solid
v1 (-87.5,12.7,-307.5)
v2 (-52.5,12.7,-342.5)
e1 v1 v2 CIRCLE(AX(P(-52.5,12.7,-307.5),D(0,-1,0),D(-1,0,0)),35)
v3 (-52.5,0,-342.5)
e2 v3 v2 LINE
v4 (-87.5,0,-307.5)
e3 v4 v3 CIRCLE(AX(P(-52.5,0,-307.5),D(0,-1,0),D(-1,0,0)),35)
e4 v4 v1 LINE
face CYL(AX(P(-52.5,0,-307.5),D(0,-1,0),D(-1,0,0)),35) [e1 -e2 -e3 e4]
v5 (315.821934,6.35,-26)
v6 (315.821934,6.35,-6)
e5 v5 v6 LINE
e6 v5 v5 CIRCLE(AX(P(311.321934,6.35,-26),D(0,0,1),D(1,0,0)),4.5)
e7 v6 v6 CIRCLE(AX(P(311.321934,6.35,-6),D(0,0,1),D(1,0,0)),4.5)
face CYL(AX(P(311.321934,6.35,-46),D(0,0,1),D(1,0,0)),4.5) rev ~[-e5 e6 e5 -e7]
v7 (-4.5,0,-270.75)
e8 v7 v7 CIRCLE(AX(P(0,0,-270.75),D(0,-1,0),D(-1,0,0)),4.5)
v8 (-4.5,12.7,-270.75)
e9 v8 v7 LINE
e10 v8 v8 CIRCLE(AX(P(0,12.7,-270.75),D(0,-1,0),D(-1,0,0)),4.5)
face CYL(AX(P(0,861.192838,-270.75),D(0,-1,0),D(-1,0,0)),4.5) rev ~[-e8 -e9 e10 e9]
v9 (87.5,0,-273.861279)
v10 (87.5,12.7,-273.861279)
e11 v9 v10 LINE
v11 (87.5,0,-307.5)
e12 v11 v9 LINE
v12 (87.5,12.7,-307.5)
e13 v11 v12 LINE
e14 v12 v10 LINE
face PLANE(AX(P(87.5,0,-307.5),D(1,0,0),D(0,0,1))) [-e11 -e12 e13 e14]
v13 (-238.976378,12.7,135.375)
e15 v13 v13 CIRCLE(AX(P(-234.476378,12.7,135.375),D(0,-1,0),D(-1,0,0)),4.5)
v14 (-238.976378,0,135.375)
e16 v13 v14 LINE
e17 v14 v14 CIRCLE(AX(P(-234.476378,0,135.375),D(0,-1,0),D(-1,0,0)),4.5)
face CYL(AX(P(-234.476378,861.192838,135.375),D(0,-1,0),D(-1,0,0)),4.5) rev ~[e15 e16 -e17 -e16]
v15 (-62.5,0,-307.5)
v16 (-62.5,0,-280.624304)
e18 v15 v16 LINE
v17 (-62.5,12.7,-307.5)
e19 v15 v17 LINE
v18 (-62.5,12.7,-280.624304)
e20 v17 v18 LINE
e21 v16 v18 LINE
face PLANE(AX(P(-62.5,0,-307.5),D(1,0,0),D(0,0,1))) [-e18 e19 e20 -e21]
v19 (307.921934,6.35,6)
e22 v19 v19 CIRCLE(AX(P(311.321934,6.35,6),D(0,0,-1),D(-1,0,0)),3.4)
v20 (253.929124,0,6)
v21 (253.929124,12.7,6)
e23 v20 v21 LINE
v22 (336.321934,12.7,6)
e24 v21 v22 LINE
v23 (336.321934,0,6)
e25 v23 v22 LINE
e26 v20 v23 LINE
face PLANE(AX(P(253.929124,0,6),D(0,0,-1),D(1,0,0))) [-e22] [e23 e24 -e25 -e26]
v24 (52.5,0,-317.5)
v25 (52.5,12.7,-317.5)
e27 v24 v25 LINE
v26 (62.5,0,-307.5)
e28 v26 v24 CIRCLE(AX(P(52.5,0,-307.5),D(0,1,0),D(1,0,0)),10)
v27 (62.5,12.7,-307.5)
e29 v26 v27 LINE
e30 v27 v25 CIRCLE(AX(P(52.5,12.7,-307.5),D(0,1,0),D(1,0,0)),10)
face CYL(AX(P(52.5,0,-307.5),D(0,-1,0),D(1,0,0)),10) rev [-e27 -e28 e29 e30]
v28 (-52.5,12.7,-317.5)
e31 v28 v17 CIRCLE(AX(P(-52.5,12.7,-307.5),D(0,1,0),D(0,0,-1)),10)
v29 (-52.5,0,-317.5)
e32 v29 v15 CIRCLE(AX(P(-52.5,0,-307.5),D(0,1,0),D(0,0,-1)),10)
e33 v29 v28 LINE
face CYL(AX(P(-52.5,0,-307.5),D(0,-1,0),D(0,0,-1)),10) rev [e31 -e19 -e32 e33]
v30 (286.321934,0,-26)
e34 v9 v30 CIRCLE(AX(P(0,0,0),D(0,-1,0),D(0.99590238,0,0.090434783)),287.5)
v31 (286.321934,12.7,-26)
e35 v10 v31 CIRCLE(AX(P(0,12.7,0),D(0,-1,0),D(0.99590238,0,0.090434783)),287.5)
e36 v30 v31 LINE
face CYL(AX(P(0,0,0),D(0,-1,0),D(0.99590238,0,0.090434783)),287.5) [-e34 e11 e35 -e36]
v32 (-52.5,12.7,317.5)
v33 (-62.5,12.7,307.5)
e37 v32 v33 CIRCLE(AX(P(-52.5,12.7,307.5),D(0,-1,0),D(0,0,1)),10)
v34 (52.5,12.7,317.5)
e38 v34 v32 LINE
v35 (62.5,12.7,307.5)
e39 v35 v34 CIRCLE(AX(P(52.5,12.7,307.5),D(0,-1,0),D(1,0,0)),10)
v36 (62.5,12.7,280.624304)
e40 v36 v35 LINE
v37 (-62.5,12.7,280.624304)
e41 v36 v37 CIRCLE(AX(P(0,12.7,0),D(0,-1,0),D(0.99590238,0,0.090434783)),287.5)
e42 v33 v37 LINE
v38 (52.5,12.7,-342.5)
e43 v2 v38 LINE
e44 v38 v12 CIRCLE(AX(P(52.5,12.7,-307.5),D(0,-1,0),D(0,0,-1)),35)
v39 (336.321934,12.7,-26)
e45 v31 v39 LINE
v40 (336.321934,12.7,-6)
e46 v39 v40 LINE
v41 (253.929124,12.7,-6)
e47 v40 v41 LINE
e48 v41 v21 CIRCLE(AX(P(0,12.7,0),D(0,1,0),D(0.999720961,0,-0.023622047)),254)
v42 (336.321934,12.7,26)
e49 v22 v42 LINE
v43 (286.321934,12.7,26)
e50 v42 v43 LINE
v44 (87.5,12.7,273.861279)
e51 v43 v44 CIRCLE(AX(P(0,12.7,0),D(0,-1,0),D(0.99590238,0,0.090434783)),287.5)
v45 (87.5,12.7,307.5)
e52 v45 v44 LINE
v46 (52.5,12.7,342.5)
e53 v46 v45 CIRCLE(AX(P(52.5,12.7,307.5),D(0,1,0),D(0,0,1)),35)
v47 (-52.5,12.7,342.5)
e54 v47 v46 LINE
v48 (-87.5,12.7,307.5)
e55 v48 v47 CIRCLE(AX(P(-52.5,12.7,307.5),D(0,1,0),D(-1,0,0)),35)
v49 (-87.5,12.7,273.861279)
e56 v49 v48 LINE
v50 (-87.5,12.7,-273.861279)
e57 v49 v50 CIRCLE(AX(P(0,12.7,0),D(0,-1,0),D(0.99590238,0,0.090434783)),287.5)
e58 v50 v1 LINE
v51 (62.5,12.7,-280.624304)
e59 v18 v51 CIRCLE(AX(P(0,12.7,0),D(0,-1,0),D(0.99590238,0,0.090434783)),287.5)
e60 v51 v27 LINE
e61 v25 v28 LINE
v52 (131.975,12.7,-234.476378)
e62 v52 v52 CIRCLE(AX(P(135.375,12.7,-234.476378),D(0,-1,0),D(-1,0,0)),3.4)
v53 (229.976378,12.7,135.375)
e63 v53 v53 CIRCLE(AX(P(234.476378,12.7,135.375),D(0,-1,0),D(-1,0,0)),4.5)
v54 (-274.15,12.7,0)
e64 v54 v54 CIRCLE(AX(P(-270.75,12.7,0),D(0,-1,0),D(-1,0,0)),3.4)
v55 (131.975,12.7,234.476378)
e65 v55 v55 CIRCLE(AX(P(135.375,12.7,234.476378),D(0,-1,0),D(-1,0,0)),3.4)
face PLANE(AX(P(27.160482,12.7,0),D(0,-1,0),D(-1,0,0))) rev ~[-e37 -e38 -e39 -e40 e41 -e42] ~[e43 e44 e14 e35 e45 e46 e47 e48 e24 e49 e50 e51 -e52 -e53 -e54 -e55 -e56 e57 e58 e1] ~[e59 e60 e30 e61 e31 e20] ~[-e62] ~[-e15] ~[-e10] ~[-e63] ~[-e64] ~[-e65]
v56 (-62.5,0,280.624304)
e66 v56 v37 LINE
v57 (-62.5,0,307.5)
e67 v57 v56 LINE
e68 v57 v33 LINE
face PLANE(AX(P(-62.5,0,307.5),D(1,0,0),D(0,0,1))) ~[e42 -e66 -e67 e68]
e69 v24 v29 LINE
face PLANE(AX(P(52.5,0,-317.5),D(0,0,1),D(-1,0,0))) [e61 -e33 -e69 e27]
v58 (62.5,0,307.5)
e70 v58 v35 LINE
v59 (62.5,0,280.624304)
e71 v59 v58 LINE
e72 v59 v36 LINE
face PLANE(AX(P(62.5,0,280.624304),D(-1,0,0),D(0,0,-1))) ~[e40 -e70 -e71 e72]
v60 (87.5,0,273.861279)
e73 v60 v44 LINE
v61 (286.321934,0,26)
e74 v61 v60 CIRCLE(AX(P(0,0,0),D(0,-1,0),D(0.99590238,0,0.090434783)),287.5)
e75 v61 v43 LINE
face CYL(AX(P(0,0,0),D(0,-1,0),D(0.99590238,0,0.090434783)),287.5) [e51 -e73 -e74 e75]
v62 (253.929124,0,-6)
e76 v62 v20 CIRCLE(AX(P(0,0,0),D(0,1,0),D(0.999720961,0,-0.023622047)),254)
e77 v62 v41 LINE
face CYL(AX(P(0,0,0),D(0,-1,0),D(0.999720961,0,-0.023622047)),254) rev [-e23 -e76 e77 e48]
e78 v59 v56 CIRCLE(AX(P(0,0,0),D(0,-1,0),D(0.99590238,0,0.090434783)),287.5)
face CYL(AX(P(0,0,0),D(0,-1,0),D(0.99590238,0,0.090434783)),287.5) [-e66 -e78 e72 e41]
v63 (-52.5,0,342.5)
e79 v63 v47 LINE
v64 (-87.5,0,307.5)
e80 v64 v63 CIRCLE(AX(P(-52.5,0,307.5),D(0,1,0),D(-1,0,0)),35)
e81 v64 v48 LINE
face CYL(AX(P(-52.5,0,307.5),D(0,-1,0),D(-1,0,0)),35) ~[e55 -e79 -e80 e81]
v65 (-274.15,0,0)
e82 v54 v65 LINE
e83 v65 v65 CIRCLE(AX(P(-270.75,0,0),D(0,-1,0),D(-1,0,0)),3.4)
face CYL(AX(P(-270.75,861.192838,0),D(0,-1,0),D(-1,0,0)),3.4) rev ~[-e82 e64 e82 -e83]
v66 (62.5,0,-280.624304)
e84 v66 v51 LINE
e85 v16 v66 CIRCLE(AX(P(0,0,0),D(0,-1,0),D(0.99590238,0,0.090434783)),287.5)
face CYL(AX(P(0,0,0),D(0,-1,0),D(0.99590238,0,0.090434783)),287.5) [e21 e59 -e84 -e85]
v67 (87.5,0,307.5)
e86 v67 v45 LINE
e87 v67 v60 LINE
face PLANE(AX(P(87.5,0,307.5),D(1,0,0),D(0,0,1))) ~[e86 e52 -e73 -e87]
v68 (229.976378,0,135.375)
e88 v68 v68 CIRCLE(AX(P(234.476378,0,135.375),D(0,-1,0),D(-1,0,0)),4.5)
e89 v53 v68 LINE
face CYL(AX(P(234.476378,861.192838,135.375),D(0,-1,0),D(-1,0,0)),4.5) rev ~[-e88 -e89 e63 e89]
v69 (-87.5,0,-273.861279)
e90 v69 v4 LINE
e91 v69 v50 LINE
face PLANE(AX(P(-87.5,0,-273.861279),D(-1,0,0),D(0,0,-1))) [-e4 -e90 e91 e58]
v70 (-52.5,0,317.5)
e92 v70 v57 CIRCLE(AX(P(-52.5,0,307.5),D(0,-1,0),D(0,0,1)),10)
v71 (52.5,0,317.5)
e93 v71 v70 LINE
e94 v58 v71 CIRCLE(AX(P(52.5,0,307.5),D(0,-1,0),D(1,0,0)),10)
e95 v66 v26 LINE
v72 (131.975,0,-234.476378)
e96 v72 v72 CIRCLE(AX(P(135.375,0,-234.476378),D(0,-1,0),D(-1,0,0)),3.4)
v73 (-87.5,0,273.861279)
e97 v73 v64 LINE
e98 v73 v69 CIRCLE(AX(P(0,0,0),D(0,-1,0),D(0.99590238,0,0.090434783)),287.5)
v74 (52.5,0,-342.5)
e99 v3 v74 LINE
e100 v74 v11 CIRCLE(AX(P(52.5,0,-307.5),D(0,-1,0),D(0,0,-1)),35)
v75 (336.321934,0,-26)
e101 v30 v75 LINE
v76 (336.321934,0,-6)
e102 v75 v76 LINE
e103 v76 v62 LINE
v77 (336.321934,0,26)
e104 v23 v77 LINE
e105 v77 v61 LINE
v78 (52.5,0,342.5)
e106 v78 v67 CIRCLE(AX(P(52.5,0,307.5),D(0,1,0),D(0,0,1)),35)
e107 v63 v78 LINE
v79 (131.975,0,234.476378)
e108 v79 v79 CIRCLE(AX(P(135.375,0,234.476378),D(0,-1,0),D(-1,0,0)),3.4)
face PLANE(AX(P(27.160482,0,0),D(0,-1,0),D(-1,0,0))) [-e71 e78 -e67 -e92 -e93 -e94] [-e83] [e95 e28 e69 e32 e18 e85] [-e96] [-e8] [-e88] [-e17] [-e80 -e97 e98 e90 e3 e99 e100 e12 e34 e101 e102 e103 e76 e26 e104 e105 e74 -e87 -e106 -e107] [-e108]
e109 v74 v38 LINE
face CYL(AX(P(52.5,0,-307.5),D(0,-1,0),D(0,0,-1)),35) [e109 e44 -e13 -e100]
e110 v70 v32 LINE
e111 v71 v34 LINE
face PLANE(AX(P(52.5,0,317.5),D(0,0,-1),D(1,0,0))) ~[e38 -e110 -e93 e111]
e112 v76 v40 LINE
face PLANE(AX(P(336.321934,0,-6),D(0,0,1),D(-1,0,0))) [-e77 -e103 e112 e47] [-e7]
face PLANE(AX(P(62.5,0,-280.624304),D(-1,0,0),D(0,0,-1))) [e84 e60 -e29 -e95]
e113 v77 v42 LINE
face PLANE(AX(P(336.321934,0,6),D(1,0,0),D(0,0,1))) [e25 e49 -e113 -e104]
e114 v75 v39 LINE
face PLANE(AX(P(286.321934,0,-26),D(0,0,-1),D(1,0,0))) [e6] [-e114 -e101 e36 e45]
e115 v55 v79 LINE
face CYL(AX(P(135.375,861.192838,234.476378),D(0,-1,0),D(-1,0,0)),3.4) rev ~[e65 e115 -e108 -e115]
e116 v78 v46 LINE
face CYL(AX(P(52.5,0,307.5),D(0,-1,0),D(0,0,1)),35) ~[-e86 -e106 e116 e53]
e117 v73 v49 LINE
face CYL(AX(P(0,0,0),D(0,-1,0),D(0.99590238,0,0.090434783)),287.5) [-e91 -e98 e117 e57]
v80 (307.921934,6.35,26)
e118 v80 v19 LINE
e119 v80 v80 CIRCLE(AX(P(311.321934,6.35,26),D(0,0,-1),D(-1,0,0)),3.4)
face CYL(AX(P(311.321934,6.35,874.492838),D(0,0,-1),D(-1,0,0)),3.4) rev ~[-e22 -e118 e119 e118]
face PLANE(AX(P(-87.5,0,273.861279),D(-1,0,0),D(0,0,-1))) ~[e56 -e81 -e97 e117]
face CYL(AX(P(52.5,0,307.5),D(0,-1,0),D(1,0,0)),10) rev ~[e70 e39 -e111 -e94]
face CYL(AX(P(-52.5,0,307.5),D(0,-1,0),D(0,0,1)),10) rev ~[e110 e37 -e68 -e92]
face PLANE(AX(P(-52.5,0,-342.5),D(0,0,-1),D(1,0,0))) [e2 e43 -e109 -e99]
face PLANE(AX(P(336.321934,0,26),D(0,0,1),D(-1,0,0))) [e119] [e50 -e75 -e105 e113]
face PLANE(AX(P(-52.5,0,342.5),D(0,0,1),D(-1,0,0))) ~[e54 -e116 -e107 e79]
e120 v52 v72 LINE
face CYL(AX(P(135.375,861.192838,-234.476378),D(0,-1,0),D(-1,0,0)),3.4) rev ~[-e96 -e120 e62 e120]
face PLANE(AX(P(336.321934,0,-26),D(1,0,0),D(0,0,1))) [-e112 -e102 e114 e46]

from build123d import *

# Parameters (mm, degrees)
BOSS_EXTRUDE1_DEPTH                          = 12.7
M8X1_25_TAPPED_HOLE1_FOR_LOWERING_D          = 6.8
M8_CLEARANCE_HOLE1_FOR_SPACER_BLOCK_D        = 9
M8_CLEARANCE_HOLE2_FOR_CLAMP_TIGHTENIN_D     = 9
M8_CLEARANCE_HOLE2_FOR_CLAMP_TIGHTENIN_DEPTH = 20
M8X1_25_TAPPED_HOLE2_FOR_CLAMP_TIGHTEN_D     = 6.8
BOSS_EXTRUDE2_START                          = -12.7
BOSS_EXTRUDE2_HANDLES_DEPTH                  = 12.7


with BuildPart() as part:
    # Sketch1 → Boss-Extrude1 (new body)
    with BuildSketch(Plane(origin=(0, 0, 0), x_dir=(1, 0, 0), z_dir=(0, 1, 0))):
        with BuildLine():
            Line((275.144331903, 6), (253.92912397, 6))
            ThreePointArc((253.92912397, 6), (-254, 0), (253.92912397, -6))
            Line((253.92912397, -6), (275.067203981, -6))
            Line((275.067203981, -6), (336.321934193, -6))
            Line((336.321934193, -6), (336.321934193, -26))
            Line((336.321934193, -26), (286.321934193, -26))
            ThreePointArc((286.321934193, -26), (-287.5, 0), (286.321934193, 26))
            Line((286.321934193, 26), (336.321934193, 26))
            Line((336.321934193, 26), (336.321934193, 6))
            Line((336.321934193, 6), (275.144331903, 6))
        make_face()
    extrude(amount=BOSS_EXTRUDE1_DEPTH)

    # M8x1.25 Tapped Hole1 - For Lowering (through all)
    with Locations(Plane(origin=(0, 12.7, 0), x_dir=(1, 0, 0), z_dir=(0, 1, 0))):
        with Locations((135.375, -234.476378075), (-270.75, 0), (135.375, 234.476378075)):
            Hole(M8X1_25_TAPPED_HOLE1_FOR_LOWERING_D / 2)

    # M8 Clearance Hole1 - For Spacer Block (through all)
    with Locations(Plane(origin=(0, 12.7, 0), x_dir=(1, 0, 0), z_dir=(0, 1, 0))):
        with Locations((0, 270.75), (234.476378075, -135.375), (-234.476378075, -135.375)):
            Hole(M8_CLEARANCE_HOLE1_FOR_SPACER_BLOCK_D / 2)

    # M8 Clearance Hole2 - For Clamp Tightening
    with Locations(Plane(origin=(0, 0, -26), x_dir=(-1, 0, 0), z_dir=(0, 0, -1))):
        with Locations((-311.321934193, 6.35)):
            Hole(M8_CLEARANCE_HOLE2_FOR_CLAMP_TIGHTENIN_D / 2, depth=M8_CLEARANCE_HOLE2_FOR_CLAMP_TIGHTENIN_DEPTH)

    # M8x1.25 Tapped Hole2 - For Clamp Tightening (through all)
    with Locations(Plane.XY.offset(26)):
        with Locations((311.321934193, 6.35)):
            Hole(M8X1_25_TAPPED_HOLE2_FOR_CLAMP_TIGHTEN_D / 2)

    # Sketch14 → Boss-Extrude2 - Handles (add)
    with BuildSketch(Plane(origin=(0, 12.7, 0), x_dir=(1, 0, 0), z_dir=(0, 1, 0)).offset(BOSS_EXTRUDE2_START)):
        with BuildLine():
            Line((-52.5, 342.5), (52.5, 342.5))
            ThreePointArc((52.5, 342.5), (77.248737342, 332.248737342), (87.5, 307.5))
            Line((87.5, 307.5), (87.5, 273.861278753))
            ThreePointArc((87.5, 273.861278753), (75.076192149, 277.524441036), (62.5, 280.624304008))
            Line((62.5, 280.624304008), (62.5, 307.5))
            ThreePointArc((62.5, 307.5), (59.571067812, 314.571067812), (52.5, 317.5))
            Line((52.5, 317.5), (-52.5, 317.5))
            ThreePointArc((-52.5, 317.5), (-59.571067812, 314.571067812), (-62.5, 307.5))
            Line((-62.5, 307.5), (-62.5, 280.624304008))
            ThreePointArc((-62.5, 280.624304008), (-75.076192149, 277.524441036), (-87.5, 273.861278753))
            Line((-87.5, 273.861278753), (-87.5, 307.5))
            ThreePointArc((-87.5, 307.5), (-77.248737342, 332.248737342), (-52.5, 342.5))
        make_face()
    boss_extrude2_handles = extrude(amount=BOSS_EXTRUDE2_HANDLES_DEPTH)

    # Mirror1: Boss-Extrude2 - Handles across plane
    add(boss_extrude2_handles.mirror(Plane.XY))


solid = part.part
